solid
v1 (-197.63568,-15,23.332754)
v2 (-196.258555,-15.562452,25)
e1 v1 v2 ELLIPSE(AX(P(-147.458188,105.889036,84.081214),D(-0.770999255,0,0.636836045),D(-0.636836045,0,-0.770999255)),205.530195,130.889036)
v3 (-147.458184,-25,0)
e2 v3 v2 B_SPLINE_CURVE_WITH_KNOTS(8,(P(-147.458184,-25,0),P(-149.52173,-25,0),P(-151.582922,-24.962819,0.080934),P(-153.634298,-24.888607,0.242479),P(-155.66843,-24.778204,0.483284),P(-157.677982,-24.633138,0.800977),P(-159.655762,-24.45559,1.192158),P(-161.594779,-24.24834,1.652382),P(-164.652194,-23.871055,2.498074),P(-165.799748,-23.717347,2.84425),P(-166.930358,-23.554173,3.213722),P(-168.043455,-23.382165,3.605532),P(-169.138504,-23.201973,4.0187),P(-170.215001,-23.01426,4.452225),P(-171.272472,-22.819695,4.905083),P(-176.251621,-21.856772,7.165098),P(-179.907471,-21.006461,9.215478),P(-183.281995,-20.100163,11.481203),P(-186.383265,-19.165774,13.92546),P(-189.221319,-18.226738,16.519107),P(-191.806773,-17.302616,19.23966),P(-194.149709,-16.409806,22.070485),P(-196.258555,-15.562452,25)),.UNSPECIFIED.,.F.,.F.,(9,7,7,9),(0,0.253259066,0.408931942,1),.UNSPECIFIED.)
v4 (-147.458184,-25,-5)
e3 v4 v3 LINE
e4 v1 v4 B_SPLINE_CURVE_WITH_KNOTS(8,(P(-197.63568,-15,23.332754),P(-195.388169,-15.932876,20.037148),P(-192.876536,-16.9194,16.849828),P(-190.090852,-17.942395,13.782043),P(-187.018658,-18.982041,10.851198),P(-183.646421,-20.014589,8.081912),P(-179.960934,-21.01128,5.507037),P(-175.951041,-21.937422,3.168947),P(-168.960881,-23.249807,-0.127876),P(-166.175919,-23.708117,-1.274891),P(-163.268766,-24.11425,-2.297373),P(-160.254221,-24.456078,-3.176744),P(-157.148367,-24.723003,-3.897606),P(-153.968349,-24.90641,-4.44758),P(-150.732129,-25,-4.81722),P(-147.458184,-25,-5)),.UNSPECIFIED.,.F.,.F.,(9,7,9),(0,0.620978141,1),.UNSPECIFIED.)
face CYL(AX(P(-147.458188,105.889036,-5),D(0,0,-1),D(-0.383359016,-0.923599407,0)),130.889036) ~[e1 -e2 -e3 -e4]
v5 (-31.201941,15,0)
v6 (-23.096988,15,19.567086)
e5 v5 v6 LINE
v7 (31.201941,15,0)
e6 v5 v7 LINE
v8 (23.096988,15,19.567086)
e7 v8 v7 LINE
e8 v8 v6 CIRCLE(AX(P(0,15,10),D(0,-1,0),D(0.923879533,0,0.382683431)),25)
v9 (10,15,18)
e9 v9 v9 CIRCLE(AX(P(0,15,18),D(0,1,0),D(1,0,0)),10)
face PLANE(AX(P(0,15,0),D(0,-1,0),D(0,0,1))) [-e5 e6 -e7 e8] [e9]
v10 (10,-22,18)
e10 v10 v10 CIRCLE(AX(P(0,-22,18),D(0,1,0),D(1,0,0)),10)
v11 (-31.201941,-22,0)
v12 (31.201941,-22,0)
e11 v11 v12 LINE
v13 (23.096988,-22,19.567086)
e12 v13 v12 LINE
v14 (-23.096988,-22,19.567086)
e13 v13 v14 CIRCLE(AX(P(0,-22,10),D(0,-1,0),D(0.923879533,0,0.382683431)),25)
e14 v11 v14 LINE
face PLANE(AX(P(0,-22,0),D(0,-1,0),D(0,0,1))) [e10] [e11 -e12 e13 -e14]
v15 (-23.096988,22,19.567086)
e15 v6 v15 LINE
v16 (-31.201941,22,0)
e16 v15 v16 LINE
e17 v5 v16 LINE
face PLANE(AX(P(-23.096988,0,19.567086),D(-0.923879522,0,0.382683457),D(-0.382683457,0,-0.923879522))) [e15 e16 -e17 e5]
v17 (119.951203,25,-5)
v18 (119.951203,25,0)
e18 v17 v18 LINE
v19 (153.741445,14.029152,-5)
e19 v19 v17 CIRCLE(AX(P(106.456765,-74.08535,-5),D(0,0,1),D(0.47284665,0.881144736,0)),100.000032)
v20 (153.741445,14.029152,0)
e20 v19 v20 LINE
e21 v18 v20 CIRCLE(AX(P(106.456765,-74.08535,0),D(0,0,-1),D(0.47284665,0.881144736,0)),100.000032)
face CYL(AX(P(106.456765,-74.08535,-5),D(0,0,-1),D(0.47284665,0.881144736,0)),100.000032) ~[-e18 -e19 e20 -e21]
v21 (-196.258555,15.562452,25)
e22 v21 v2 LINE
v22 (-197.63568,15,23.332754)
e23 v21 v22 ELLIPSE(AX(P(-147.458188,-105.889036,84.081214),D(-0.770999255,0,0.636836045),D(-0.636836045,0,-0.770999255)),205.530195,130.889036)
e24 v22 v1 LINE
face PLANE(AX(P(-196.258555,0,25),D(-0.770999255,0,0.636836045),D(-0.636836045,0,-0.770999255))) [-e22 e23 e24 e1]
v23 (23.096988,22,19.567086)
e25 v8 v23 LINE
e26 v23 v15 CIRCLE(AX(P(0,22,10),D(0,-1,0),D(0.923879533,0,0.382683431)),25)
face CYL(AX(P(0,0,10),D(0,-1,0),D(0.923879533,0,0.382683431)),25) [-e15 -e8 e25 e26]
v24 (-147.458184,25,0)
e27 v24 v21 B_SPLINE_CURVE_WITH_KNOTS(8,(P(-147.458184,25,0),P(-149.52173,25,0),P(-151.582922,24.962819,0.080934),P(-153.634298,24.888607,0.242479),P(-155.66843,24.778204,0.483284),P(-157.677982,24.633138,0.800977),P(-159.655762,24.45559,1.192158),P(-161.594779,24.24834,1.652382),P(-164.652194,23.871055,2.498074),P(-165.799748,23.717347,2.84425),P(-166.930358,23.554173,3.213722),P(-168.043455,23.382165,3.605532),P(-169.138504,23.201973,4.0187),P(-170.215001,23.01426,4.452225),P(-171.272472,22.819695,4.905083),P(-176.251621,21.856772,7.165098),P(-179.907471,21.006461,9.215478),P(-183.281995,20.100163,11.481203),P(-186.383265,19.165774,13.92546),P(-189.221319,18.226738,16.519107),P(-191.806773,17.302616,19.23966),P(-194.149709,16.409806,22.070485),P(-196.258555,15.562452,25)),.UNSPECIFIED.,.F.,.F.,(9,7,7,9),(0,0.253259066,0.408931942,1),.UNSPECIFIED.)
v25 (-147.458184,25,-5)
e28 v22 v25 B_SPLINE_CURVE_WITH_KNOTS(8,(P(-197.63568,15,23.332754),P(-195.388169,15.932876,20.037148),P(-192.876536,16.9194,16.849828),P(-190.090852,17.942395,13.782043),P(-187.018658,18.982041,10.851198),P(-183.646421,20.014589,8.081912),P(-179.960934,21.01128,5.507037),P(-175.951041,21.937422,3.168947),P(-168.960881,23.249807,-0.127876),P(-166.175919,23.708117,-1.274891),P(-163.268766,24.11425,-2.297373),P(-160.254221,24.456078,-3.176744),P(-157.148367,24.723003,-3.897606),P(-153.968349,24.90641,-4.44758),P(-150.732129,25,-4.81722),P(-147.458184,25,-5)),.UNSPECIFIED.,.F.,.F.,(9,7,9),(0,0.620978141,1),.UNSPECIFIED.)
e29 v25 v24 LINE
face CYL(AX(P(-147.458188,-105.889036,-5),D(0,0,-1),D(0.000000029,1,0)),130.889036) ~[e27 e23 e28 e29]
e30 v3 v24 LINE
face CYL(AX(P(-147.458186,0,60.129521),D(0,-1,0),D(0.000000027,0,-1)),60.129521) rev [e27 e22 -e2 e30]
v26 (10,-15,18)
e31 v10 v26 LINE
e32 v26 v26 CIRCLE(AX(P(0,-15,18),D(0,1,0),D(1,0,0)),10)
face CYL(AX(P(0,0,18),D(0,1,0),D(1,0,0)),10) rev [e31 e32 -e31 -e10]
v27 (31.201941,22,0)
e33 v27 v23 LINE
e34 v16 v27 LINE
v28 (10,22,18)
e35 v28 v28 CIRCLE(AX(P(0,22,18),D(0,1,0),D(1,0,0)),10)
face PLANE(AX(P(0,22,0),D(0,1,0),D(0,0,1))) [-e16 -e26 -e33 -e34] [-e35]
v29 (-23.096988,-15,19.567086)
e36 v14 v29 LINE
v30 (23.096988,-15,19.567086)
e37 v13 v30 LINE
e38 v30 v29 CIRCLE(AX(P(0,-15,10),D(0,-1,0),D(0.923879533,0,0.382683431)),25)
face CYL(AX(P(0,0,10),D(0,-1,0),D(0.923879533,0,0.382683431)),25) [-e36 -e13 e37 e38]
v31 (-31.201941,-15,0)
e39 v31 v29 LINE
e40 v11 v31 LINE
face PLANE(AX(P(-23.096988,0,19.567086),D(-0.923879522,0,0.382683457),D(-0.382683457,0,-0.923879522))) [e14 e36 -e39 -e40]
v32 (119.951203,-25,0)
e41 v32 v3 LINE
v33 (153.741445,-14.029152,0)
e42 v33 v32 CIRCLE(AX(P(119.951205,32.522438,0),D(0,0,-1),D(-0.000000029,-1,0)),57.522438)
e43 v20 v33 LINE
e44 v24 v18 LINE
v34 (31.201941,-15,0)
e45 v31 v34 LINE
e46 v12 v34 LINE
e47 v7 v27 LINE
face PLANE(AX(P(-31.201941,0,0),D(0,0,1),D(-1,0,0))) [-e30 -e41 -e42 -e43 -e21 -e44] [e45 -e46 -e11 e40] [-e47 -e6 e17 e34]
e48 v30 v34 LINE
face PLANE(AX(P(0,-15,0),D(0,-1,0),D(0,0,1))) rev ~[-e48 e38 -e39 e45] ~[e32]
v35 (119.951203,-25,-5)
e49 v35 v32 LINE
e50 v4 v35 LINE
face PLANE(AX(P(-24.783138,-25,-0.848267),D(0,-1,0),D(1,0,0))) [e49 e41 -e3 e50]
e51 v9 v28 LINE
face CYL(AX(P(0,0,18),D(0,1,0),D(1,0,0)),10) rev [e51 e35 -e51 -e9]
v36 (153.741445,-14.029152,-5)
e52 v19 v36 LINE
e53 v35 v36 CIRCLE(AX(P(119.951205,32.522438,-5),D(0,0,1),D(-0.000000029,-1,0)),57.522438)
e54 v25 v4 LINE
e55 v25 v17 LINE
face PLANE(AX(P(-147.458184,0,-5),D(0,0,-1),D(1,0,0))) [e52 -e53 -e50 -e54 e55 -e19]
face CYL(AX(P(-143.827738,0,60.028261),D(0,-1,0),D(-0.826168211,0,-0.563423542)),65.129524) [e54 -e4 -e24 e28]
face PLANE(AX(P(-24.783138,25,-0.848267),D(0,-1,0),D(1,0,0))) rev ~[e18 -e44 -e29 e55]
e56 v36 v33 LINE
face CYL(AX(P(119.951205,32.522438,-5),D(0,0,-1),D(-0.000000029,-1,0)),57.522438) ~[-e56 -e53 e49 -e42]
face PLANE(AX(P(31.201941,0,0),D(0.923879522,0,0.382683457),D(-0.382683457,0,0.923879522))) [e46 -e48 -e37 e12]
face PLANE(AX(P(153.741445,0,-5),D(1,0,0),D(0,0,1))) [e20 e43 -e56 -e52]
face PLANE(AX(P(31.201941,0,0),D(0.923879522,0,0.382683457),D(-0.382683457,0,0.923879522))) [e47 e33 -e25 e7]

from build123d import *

# Parameters (mm, degrees)
F0_R     = 10
F1_DEPTH = 25
F2_W     = 30
F2_H     = 40.766016
F2_W_2   = 3
F3_DEPTH = 40
F5_DEPTH = 40.001


with BuildPart() as f1:
    # F0 (on Front) → F1 (new body, symmetric)
    with BuildSketch(Plane.XZ):
        with BuildLine():
            Line((-31.201941, 0), (-147.458184, 0))
            ThreePointArc((-147.458184, 0), (-174.873856, 6.613726), (-196.258555, 25))
            Line((-196.258555, 25), (-197.63568, 23.332754))
            ThreePointArc((-197.63568, 23.332754), (-175.850829, 3.315154), (-147.458184, -5))
            Line((-147.458184, -5), (153.741445, -5))
            Line((153.741445, -5), (153.741445, 0))
            Line((153.741445, 0), (31.201941, 0))
            Line((31.201941, 0), (-31.201941, 0))
        make_face()
        with BuildLine():
            Line((-23.096988, 19.567086), (-31.201941, 0))
            Line((-31.201941, 0), (31.201941, 0))
            Line((31.201941, 0), (23.096988, 19.567086))
            ThreePointArc((23.096988, 19.567086), (0, 35), (-23.096988, 19.567086))
        make_face()
        with Locations((0, 18)):
            Circle(F0_R, mode=Mode.SUBTRACT)
    extrude(amount=F1_DEPTH, both=True)

    # F2 (on Right) → F3 (cut, symmetric)
    with BuildSketch(Plane.YZ):
        with Locations((0, 20.383008)):
            Rectangle(F2_W, F2_H)
        with Locations((-23.5, 20.383008)):
            Rectangle(F2_W_2, F2_H)
        with Locations((23.5, 20.383008)):
            Rectangle(F2_W_2, F2_H)
    extrude(amount=F3_DEPTH, both=True, mode=Mode.SUBTRACT)

    # F4 (on face) → F5 (cut, through all)
    with BuildSketch(Plane(origin=(0, 0, -5), x_dir=(1, 0, 0), z_dir=(0, 0, -1))):
        with BuildLine():
            ThreePointArc((-197.63568, 15), (-173.040312, 22.475658), (-147.458184, 25))
            Line((-147.458184, 25), (-197.63568, 25))
            Line((-197.63568, 25), (-197.63568, 15))
        make_face()
        with BuildLine():
            ThreePointArc((-147.458184, -25), (-173.040312, -22.475658), (-197.63568, -15))
            Line((-197.63568, -15), (-197.63568, -25))
            Line((-197.63568, -25), (-147.458184, -25))
        make_face()
        with BuildLine():
            ThreePointArc((153.741445, -14.029152), (137.337425, -21.027169), (119.951203, -25))
            Line((119.951203, -25), (153.741445, -25))
            Line((153.741445, -25), (153.741445, -14.029152))
        make_face()
        with BuildLine():
            Line((153.741445, 14.029152), (153.741445, 25))
            Line((153.741445, 25), (119.951203, 25))
            ThreePointArc((119.951203, 25), (137.714508, 22.188584), (153.741445, 14.029152))
        make_face()
    extrude(amount=-F5_DEPTH, mode=Mode.SUBTRACT)


solid = f1.part
